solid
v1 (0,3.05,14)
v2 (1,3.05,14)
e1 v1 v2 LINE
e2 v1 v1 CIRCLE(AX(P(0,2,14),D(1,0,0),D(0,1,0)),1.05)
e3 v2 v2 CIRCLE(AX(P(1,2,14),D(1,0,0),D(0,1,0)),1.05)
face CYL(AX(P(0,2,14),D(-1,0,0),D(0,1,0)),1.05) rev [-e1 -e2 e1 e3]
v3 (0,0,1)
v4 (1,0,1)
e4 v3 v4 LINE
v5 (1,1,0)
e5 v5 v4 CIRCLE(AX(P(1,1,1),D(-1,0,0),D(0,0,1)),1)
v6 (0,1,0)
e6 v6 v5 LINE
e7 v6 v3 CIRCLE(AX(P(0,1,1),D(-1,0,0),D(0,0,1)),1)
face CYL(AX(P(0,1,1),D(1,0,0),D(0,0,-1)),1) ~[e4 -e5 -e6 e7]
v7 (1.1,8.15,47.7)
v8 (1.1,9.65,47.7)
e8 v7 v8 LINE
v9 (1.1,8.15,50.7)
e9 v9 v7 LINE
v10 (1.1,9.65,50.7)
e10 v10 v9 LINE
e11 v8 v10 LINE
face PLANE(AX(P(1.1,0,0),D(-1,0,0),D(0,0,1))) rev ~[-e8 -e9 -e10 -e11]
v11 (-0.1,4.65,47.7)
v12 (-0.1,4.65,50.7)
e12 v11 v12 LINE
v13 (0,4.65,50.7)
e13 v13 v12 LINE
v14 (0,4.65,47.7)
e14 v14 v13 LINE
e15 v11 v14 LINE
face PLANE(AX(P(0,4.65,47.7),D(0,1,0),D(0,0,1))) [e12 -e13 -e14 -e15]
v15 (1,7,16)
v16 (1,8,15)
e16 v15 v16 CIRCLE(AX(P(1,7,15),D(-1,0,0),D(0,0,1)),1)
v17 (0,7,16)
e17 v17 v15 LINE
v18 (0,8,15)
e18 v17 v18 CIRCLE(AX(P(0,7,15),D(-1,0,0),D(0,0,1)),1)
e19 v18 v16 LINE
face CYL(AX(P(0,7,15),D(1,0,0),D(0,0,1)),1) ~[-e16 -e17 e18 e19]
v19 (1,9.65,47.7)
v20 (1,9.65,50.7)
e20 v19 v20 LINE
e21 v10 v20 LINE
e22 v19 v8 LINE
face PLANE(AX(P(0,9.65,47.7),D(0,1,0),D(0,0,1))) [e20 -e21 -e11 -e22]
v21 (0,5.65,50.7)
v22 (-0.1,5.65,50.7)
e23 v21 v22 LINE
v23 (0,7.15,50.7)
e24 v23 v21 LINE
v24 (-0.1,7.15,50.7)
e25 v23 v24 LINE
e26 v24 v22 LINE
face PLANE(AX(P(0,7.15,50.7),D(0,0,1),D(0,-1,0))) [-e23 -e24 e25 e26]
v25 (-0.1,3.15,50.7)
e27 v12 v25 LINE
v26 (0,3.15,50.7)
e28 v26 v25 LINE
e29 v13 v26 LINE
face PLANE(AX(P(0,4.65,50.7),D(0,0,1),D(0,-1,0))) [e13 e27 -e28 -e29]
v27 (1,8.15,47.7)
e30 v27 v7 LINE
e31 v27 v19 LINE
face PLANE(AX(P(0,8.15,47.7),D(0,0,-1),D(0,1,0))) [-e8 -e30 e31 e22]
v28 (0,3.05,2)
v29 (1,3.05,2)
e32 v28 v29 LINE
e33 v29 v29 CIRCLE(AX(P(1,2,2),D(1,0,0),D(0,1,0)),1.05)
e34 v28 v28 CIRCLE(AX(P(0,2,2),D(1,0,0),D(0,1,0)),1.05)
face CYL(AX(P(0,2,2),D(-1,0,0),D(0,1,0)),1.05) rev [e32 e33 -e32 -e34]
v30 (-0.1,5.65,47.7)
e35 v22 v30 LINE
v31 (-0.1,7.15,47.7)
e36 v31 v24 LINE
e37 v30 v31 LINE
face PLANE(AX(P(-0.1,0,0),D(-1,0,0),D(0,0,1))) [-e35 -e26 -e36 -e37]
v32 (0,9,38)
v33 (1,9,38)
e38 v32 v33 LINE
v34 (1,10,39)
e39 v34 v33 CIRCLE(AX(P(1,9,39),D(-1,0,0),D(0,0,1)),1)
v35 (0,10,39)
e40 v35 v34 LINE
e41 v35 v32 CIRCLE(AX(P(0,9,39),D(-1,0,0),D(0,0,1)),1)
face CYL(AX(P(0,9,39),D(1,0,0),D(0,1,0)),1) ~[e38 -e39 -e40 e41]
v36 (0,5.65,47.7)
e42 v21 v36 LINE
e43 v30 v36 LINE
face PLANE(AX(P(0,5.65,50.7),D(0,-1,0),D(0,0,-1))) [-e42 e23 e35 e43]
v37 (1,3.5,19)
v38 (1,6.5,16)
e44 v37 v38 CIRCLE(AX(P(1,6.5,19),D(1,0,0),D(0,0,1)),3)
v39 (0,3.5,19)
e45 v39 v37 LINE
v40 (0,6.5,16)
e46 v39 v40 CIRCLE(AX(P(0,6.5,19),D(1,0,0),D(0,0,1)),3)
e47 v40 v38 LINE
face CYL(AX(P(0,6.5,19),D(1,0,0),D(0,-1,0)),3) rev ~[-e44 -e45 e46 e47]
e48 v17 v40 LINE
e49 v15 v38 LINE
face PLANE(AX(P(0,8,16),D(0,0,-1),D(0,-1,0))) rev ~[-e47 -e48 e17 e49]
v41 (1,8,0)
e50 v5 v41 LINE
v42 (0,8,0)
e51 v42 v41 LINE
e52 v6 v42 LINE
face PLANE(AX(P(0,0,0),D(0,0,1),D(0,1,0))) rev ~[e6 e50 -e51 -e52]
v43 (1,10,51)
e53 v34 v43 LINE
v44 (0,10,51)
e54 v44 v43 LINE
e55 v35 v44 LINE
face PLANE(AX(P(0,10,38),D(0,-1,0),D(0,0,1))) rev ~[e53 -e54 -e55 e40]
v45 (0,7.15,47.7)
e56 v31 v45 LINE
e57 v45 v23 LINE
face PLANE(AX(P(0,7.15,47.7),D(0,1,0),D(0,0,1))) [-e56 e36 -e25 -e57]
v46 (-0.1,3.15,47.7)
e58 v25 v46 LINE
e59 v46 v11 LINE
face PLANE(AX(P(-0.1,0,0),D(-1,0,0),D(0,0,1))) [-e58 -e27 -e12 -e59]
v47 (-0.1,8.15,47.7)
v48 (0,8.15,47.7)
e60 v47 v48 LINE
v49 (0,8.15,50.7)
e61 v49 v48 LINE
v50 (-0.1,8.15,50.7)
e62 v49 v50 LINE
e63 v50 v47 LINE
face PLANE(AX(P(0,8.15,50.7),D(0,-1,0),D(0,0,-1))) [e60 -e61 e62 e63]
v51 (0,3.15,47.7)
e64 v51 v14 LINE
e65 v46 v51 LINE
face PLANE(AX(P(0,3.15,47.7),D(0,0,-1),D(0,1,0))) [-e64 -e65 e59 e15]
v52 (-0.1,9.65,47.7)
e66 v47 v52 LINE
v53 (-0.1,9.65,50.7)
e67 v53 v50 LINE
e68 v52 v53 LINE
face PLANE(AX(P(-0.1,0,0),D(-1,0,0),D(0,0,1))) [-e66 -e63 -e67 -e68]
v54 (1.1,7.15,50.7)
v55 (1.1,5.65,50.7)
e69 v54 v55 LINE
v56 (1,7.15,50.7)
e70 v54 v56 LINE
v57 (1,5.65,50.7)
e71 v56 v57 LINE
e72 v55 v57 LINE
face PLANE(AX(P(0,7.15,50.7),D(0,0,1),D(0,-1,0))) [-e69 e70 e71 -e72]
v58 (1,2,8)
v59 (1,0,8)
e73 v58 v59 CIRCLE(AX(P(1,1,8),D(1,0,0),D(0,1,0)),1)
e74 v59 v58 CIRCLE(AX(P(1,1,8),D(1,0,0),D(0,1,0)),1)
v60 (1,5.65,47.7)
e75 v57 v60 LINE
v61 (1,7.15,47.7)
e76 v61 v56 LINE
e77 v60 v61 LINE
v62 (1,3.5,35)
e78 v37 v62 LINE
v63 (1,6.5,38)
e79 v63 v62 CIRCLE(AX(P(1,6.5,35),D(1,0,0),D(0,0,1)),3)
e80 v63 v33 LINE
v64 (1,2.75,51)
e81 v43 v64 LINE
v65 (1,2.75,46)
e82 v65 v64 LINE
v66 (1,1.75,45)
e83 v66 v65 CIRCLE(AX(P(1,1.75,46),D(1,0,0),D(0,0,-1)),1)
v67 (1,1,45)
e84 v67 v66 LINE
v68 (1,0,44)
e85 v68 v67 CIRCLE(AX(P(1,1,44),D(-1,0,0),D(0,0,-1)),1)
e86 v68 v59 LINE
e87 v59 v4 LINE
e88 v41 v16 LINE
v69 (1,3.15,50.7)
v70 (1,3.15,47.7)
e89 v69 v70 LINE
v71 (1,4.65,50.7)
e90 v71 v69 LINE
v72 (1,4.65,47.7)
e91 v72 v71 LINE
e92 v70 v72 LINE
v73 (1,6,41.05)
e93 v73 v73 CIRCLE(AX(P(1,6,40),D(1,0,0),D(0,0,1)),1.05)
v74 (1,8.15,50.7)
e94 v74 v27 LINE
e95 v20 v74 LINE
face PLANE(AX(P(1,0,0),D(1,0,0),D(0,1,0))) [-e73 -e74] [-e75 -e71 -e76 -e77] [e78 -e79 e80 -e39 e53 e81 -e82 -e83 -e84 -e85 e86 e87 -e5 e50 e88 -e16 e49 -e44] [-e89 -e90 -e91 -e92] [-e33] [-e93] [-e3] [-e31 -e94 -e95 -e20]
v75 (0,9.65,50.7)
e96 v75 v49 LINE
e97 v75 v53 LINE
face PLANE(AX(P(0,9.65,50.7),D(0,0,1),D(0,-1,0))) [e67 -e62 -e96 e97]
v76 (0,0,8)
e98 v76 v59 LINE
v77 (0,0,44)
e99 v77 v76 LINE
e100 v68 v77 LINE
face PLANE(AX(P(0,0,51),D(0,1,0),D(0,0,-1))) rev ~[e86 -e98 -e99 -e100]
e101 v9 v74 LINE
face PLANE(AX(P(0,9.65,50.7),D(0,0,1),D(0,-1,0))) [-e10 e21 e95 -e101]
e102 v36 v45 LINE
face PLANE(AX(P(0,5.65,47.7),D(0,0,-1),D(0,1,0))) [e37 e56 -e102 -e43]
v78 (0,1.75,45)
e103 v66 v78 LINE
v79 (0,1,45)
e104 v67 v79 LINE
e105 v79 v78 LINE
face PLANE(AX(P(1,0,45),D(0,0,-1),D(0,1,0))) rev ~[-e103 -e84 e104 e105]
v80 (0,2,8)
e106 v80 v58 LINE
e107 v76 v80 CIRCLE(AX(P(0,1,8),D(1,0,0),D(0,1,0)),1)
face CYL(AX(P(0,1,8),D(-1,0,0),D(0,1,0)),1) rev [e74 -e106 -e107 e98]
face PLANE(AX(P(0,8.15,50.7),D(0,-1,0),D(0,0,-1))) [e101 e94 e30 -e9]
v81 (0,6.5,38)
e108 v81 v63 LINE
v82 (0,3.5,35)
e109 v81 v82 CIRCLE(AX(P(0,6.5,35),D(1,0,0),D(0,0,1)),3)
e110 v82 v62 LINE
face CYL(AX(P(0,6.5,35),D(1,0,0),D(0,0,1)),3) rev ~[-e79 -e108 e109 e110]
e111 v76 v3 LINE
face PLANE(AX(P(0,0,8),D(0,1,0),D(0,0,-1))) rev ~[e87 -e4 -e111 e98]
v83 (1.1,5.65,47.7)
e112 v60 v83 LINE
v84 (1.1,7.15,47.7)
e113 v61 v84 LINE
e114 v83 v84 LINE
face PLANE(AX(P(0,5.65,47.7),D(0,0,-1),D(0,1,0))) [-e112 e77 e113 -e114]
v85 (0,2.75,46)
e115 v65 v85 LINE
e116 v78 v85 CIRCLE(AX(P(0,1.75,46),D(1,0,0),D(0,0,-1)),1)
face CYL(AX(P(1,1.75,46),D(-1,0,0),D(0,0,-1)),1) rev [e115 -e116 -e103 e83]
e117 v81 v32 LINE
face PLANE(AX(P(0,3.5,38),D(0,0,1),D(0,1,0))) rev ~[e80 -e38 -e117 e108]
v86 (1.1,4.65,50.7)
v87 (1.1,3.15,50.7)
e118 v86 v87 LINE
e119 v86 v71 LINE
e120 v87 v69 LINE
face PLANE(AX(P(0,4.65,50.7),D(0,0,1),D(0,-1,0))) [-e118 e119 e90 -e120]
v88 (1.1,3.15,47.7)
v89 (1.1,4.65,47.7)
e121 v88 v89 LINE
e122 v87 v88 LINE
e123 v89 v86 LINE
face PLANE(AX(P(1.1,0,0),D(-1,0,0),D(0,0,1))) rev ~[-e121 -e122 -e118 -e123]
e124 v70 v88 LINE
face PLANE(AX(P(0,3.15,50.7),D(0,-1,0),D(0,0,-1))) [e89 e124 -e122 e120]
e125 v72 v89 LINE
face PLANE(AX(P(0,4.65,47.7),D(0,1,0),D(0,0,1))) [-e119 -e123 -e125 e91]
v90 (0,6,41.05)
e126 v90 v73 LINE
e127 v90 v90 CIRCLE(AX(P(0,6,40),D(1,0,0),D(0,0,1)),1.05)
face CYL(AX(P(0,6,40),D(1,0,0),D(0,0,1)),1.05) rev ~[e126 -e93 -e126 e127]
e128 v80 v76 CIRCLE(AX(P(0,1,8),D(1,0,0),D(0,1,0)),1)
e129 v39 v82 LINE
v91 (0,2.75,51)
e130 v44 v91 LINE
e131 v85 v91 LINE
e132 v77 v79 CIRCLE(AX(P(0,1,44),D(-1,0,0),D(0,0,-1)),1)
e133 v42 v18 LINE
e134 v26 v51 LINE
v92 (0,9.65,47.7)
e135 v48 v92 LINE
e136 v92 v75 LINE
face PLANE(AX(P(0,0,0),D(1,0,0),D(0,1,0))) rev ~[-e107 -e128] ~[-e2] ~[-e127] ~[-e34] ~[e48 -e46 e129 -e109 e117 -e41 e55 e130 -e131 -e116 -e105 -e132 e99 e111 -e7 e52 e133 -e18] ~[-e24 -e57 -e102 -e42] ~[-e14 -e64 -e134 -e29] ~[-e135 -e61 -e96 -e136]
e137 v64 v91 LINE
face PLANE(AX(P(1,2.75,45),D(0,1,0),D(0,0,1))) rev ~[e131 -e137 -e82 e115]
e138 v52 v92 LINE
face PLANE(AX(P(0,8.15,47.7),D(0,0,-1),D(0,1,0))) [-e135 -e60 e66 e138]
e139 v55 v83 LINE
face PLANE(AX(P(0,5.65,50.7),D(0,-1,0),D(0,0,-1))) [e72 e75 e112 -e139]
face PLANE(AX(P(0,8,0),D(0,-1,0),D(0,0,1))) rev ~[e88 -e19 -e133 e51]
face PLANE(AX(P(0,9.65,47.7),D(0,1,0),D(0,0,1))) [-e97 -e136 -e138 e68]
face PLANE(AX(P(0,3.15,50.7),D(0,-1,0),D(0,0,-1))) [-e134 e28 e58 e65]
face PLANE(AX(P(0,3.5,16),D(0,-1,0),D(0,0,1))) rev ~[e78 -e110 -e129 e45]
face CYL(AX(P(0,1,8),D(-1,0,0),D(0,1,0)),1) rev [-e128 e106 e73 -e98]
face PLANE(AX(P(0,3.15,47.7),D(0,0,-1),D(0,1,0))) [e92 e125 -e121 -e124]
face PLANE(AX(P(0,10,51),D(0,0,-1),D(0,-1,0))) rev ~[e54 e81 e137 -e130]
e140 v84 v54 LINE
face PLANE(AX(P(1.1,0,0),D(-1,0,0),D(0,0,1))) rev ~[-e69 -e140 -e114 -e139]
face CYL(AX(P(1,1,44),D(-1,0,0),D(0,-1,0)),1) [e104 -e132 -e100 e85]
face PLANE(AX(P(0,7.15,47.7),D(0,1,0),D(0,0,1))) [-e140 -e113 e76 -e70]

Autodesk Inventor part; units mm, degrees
ref_plane "YZ Plane" through (0, 0, 0) normal (1, 0, 0) x (0, 1, 0)
ref_plane "XZ Plane" through (0, 0, 0) normal (0, 1, 0) x (-1, 0, 0)
ref_plane "XY Plane" through (0, 0, 0) normal (0, 0, 1) x (1, 0, 0)
sketch "Skizze1" plane through (0, 0, 0) normal (1, 0, 0) x (0, 1, 0)
  line L0 (0, 0) -> (8, 0)
  line L1 (8, 0) -> (8, 16)
  line L2 (8, 16) -> (3.5, 16)
  line L3 (0, 51) -> (0, 0)
  circle A0 centre (1, 8) radius 1
  circle A1 centre (2, 14) radius 1.05
  circle A2 centre (2, 2) radius 1.05
  line L4 (2, 14) -> (2, 2) construction
  line L5 (2, 8) -> (1, 8) construction
  line L6 (3.5, 16) -> (3.5, 38)
  line L7 (3.5, 38) -> (10, 38)
  line L8 (10, 38) -> (10, 51)
  line L9 (10, 51) -> (0, 51)
  dimension "d1" = 16
  dimension "d2" = 2
  dimension "d3" = 1
  dimension "d4" = 8
  dimension "d5" = 2.1
  dimension "d6" = 2.1
  dimension "d14" = 12
  dimension "d15" = 1
  dimension "d28" = 8
  dimension "d29" = 3.5
  dimension "d30" = 35
  dimension "d31" = 10
  dimension "d32" = 13
extrude "Extrusion1" add sketch "Skizze1" along normal blind 1
sketch "Skizze2" plane through (0, 0, 0) normal (-1, 0, 0) x (0, 0, 1)
  circle A0 centre (2, 2) radius 1.05 projected
  circle A1 centre (14, 2) radius 1.05 projected
  line L0 (0, 0) -> (0, 8) projected
  line L1 (8, 0) -> (0, 0) projected
  circle A2 centre (8, 1) radius 1 projected
  line L2 (51, 0) -> (8, 0) projected
  line L3 (16, 8) -> (16, 3.5) projected
  line L4 (0, 8) -> (16, 8) projected
  line L5 (50.7, 3.15) -> (47.7, 3.15)
  line L6 (47.7, 3.15) -> (47.7, 4.65)
  line L7 (47.7, 4.65) -> (50.7, 4.65)
  line L8 (50.7, 4.65) -> (50.7, 3.15)
  line L9 (50.7, 5.65) -> (47.7, 5.65)
  line L10 (47.7, 5.65) -> (47.7, 7.15)
  line L11 (47.7, 7.15) -> (50.7, 7.15)
  line L12 (50.7, 7.15) -> (50.7, 5.65)
  line L13 (50.7, 8.15) -> (47.7, 8.15)
  line L14 (47.7, 8.15) -> (47.7, 9.65)
  line L15 (47.7, 9.65) -> (50.7, 9.65)
  line L16 (50.7, 9.65) -> (50.7, 8.15)
  line L17 (51, 10) -> (51, 0) projected
  line L18 (38, 10) -> (51, 10) projected
  line L19 (38, 3.5) -> (38, 10) projected
  line L20 (16, 3.5) -> (38, 3.5) projected
  line L21 (50.7, 3.9) -> (47.7, 3.9) construction
  line L22 (47.7, 6.4) -> (50.7, 6.4) construction
  line L23 (50.7, 8.9) -> (47.7, 8.9) construction
  dimension "d16" = 1.5
  dimension "d17" = 1.5
  dimension "d21" = 3
  dimension "d26" = 1.5
  dimension "d34" = 2.5
  dimension "d35" = 2.5
  dimension "d36" = 0.3
  dimension "d37" = 6.4
extrude "Extrusion2" add sketch "Skizze2" along normal blind 0.1 and the other way blind 1.1 contours L5 L6 L7 L8 | L9 L10 L11 L12 | L13 L14 L15 L16
fillet "Rundung1" radius 3 2 edges at (0.5, 3.5, 16) (0.5, 3.5, 38)
sketch "Skizze3" plane through (0, 0, 51) normal (-1, 0, 0) x (0, 0, 1)
  circle A0 centre (-43, 1) radius 1 projected
  point P0 (-51, 0)
  point P1 (-11, 6)
  point P2 (-43, 0)
  dimension "d38" = 5
  dimension "d39" = 32
hole "Bohrung1" at (0, 6, 40) direction (1, 0, 0) diameter 2.1 end through all
fillet "Rundung2" radius 1 2 edges at (0.5, 10, 38) (0.5, 8, 16)
fillet "Rundung3" radius 1 1 edges at (0.5, 0, 0)
sketch "Skizze4" plane through (1, 1, 8) normal (1, 0, 0) x (0, 0, -1)
  line L0 (-43, -1) -> (0, -1) projected
  line L1 (-43, 9) -> (-43, -1) projected
  line L2 (-43, -1) -> (-37, -1)
  line L3 (-37, -1) -> (-37, 1.75)
  line L4 (-37, 1.75) -> (-43, 1.75)
  line L5 (-43, 1.75) -> (-43, -1)
  point P0 (8, -1)
  dimension "d52" = 2.75
  dimension "d53" = 6
extrude "Extrusion3" cut sketch "Skizze4" against normal through all
fillet "Rundung4" radius 1 2 edges at (0.5, 2.75, 45) (0.5, 0, 45)
properties part number "IR Platine" material "Phenolharz"
